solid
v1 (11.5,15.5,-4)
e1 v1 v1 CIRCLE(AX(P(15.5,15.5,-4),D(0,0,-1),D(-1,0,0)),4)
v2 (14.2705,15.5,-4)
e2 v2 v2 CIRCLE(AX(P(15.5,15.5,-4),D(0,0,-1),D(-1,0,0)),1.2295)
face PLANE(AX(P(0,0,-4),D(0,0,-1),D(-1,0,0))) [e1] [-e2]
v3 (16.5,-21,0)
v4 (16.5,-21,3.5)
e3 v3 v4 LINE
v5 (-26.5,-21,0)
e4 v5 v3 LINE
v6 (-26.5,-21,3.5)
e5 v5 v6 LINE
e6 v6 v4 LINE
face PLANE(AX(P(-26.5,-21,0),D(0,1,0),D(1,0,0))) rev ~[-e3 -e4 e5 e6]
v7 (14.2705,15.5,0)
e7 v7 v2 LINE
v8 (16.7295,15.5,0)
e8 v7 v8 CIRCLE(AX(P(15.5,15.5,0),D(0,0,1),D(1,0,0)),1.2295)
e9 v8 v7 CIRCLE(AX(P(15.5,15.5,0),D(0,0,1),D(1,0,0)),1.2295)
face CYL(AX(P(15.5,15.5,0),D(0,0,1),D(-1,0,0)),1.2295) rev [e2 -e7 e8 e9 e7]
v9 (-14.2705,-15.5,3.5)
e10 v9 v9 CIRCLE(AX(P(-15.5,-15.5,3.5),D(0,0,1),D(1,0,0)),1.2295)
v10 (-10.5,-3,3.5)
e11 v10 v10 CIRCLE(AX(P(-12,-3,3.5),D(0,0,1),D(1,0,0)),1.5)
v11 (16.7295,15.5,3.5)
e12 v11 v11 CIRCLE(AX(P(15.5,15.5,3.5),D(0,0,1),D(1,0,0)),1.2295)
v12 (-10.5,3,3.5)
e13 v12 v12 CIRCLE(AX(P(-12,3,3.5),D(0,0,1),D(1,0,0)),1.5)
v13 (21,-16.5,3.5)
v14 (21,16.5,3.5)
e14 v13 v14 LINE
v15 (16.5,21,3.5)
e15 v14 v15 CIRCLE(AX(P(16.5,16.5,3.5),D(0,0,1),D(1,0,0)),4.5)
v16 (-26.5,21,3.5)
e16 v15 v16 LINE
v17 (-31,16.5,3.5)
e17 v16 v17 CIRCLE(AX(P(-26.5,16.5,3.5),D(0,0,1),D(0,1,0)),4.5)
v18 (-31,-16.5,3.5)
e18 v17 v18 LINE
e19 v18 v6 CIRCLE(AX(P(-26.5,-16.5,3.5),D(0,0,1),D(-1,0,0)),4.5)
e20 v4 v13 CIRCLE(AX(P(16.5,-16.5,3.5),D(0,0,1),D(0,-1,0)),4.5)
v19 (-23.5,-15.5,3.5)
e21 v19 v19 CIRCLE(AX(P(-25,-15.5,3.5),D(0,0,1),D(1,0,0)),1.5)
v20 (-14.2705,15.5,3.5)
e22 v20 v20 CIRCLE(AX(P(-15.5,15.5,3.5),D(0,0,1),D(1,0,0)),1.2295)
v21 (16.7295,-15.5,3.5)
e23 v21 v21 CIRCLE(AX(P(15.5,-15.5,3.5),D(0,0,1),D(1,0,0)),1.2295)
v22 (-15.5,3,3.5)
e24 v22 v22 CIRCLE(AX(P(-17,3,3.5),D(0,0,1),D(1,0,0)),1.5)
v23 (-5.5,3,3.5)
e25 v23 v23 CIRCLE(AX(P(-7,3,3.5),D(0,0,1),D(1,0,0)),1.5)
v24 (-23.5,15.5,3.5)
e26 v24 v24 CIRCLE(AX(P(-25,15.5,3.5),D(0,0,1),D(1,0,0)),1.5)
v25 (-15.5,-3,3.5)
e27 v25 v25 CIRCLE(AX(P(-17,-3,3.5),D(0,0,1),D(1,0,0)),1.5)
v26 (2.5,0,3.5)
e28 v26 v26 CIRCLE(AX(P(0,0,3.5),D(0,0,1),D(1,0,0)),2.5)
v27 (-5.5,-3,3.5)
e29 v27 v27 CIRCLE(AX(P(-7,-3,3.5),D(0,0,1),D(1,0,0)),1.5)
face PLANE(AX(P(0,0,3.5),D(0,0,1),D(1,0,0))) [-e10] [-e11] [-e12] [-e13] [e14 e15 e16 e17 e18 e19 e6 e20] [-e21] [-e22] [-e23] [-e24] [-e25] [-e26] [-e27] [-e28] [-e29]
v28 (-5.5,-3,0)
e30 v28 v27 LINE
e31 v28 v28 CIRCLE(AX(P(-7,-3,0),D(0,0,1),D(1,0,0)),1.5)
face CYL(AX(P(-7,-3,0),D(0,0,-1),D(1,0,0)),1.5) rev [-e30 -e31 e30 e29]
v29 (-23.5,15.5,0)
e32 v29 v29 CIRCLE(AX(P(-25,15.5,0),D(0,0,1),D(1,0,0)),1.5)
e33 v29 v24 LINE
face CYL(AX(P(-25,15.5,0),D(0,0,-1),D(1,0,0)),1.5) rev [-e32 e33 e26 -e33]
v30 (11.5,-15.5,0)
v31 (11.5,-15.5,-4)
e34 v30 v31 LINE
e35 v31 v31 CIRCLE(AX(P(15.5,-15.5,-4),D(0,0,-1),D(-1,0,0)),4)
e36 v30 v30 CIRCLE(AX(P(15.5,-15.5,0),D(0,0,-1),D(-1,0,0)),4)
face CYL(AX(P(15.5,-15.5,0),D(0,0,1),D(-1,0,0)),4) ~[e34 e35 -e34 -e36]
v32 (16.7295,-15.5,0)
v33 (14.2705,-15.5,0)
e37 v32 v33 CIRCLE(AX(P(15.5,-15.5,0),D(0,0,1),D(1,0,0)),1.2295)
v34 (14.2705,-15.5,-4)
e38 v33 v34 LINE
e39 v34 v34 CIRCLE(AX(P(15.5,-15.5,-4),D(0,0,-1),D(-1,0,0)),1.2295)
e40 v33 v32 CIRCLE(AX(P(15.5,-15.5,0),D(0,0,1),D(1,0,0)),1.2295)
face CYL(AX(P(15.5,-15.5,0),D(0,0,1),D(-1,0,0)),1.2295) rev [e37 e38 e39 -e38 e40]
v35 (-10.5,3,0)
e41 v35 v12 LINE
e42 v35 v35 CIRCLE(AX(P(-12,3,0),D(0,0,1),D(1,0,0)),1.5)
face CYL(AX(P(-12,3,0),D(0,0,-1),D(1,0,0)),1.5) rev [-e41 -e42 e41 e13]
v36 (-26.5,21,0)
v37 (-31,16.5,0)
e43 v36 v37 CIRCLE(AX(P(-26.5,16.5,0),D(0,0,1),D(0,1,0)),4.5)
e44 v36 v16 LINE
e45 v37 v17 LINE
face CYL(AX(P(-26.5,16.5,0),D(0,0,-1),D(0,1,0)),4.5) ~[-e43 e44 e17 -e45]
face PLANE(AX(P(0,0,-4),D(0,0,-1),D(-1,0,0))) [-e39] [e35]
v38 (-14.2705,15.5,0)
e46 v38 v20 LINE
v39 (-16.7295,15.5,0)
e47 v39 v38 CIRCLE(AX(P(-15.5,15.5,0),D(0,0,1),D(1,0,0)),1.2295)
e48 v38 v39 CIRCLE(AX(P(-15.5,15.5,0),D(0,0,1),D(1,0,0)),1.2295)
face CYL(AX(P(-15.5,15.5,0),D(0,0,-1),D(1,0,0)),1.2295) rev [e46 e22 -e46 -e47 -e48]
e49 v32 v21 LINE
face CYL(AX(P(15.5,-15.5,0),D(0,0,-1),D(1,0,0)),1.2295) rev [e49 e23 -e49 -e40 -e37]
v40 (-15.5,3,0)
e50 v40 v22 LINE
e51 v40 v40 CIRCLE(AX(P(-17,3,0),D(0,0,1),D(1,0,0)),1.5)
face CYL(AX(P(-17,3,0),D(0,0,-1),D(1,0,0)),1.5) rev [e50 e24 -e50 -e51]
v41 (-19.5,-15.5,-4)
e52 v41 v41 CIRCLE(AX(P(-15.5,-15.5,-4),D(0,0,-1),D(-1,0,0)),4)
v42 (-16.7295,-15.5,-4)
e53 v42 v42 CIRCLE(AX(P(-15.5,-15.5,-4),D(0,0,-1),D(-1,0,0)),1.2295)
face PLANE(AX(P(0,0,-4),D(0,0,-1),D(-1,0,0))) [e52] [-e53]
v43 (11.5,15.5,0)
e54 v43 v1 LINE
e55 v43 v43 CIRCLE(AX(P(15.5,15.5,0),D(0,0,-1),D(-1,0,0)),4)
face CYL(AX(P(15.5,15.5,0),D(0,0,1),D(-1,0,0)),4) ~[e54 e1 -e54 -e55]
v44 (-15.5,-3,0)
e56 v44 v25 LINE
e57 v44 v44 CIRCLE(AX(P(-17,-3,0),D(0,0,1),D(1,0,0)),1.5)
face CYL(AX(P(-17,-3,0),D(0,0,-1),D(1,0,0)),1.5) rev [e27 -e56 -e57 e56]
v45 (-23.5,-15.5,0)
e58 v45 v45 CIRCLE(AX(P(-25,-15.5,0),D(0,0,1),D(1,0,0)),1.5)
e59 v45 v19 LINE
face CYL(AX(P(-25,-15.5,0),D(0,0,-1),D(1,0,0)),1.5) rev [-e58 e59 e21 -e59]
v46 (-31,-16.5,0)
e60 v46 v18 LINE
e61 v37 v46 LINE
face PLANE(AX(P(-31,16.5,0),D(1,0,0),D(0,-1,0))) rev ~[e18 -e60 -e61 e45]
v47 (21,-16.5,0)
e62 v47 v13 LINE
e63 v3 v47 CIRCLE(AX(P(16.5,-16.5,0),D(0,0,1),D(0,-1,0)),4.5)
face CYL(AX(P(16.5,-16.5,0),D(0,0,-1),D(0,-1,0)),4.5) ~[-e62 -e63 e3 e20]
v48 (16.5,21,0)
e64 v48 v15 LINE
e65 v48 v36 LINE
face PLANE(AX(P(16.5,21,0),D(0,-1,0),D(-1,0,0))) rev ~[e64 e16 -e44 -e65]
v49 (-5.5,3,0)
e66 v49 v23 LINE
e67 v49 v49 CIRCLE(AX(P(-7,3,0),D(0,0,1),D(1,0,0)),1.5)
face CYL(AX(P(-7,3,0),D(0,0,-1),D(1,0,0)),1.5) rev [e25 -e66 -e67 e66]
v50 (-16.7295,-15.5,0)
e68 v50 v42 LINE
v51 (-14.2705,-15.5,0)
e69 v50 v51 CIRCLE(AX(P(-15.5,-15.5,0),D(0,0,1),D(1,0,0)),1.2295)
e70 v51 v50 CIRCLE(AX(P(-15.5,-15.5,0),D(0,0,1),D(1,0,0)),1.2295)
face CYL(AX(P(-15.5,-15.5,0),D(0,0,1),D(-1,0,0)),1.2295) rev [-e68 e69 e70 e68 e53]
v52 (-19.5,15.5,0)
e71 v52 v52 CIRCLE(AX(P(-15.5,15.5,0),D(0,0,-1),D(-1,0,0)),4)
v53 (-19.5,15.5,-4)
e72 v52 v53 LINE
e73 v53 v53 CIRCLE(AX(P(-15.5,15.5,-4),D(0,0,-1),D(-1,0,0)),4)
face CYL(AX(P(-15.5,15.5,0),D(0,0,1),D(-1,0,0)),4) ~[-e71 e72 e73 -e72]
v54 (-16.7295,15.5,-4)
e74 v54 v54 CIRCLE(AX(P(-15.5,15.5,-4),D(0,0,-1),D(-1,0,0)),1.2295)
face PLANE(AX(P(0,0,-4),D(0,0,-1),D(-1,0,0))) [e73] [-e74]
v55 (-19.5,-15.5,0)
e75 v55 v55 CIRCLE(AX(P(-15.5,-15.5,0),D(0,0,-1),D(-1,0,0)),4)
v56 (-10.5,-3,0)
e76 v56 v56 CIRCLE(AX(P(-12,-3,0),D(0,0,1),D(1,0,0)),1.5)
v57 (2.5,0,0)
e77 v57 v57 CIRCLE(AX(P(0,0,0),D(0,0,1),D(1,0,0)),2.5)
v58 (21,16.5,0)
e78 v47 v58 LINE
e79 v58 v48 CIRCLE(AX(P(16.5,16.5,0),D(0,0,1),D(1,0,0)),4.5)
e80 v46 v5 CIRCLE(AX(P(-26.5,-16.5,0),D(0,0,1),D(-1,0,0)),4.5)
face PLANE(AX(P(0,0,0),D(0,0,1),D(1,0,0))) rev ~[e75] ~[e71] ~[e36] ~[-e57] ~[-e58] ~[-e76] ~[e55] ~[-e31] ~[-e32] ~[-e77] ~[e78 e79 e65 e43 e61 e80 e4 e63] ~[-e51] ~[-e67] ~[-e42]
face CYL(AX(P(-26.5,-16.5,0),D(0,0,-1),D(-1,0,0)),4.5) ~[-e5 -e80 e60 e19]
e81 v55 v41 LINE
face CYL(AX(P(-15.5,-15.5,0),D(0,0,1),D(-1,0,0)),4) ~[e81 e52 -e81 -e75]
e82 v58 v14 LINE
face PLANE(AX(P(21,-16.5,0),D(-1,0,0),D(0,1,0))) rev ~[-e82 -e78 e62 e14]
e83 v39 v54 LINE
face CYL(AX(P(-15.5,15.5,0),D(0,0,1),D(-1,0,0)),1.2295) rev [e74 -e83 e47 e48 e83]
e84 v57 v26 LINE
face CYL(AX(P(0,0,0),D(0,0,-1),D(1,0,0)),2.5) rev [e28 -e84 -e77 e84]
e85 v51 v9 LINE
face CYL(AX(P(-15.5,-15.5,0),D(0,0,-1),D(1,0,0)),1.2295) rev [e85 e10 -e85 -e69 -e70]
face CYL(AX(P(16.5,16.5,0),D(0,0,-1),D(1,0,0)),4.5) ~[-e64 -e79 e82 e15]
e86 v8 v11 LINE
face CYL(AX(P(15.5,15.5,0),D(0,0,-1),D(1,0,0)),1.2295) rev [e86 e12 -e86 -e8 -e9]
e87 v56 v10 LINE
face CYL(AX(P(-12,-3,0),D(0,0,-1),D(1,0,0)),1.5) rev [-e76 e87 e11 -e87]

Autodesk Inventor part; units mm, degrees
ref_plane "YZ Plane" through (0, 0, 0) normal (1, 0, 0) x (0, 1, 0)
ref_plane "XZ Plane" through (0, 0, 0) normal (0, 1, 0) x (-1, 0, 0)
ref_plane "XY Plane" through (0, 0, 0) normal (0, 0, 1) x (1, 0, 0)
sketch "Sketch1" plane through (0, 0, 0) normal (0, 0, 1) x (1, 0, 0)
  circle A0 centre (-15.5, -15.5) radius 1.2295 construction
  circle A1 centre (15.5, 15.5) radius 1.2295 construction
  circle A2 centre (15.5, -15.5) radius 1.2295 construction
  circle A3 centre (-15.5, 15.5) radius 1.2295 construction
  circle A4 centre (0, 0) radius 11 construction
  arc A5 (-16.5, 21) -> (-21, 16.5) centre (-16.5, 16.5) ccw construction
  line L0 (-21, 16.5) -> (-21, -16.5) construction
  arc A6 (-21, -16.5) -> (-16.5, -21) centre (-16.5, -16.5) ccw construction
  line L1 (-16.5, -21) -> (16.5, -21) construction
  arc A7 (16.5, -21) -> (21, -16.5) centre (16.5, -16.5) ccw construction
  line L2 (21, -16.5) -> (21, 16.5) construction
  arc A8 (21, 16.5) -> (16.5, 21) centre (16.5, 16.5) ccw construction
  line L3 (16.5, 21) -> (-16.5, 21) construction
  line L4 (16.5, 21) -> (-26.5, 21)
  line L5 (-31, 16.5) -> (-31, -16.5)
  line L6 (-26.5, -21) -> (16.5, -21)
  line L7 (21, -16.5) -> (21, 16.5)
  arc A9 (21, 16.5) -> (16.5, 21) centre (16.5, 16.5) ccw
  arc A10 (16.5, -21) -> (21, -16.5) centre (16.5, -16.5) ccw
  arc A11 (-31, -16.5) -> (-26.5, -21) centre (-26.5, -16.5) ccw
  arc A12 (-26.5, 21) -> (-31, 16.5) centre (-26.5, 16.5) ccw
  circle A13 centre (15.5, 15.5) radius 1.2295
  circle A14 centre (15.5, -15.5) radius 1.2295
  circle A15 centre (-15.5, -15.5) radius 1.2295
  circle A16 centre (-15.5, 15.5) radius 1.2295
  circle A17 centre (0, 0) radius 11 construction
  circle A18 centre (0, 0) radius 5 construction
  circle A19 centre (0, 0) radius 10 construction
  circle A20 centre (0, 0) radius 15 construction
  line L8 (-7, 3) -> (-7, -3) construction
  line L9 (-12, 3) -> (-12, -3) construction
  line L10 (-17, 3) -> (-17, -3) construction
  circle A21 centre (-7, 3) radius 1.5
  circle A22 centre (-7, -3) radius 1.5
  circle A23 centre (-12, 3) radius 1.5
  circle A24 centre (-12, -3) radius 1.5
  circle A25 centre (-17, 3) radius 1.5
  circle A26 centre (-17, -3) radius 1.5
  circle A27 centre (-25, 15.5) radius 1.5
  circle A28 centre (-25, -15.5) radius 1.5
  circle A29 centre (0, 0) radius 2.5
  point P0 (-7, 0)
  point P1 (-12, 0)
  point P2 (-17, 0)
  point P3 (-5, 0)
  point P4 (-10, 0)
  point P5 (-15, 0)
  point P6 (-10.5169, -3.2242)
  point P7 (-10.7969, -2.1042)
  point P8 (-10.7969, 2.1042)
  point P9 (-10.5169, 3.2242)
extrude "Extrusion1" add sketch "Sketch1" along normal blind 3.5
sketch "Sketch3" plane through (0, 0, 0) normal (0, 0, -1) x (-1, 0, 0)
  circle A0 centre (-15.5, 15.5) radius 1.2295 projected
  circle A1 centre (15.5, 15.5) radius 1.2295 projected
  circle A2 centre (15.5, -15.5) radius 1.2295 projected
  circle A3 centre (-15.5, -15.5) radius 1.2295 projected
  circle A4 centre (-15.5, 15.5) radius 4
  circle A5 centre (15.5, 15.5) radius 4
  circle A6 centre (15.5, -15.5) radius 4
  circle A7 centre (-15.5, -15.5) radius 4
  point P0 (0, 0)
  dimension "d37" = 8
  dimension "d38" = 8
  dimension "d39" = 8
  dimension "d40" = 8
extrude "Extrusion2" add sketch "Sketch3" along normal blind 4
equation "\"d38\" = d37"
equation "\"d39\" = d37"
equation "\"d40\" = d37"
equation "\"d6\" = d5"
equation "\"d7\" = d5"
equation "\"d5\" = 6"
properties part number "housing" material "PET Plastic"
